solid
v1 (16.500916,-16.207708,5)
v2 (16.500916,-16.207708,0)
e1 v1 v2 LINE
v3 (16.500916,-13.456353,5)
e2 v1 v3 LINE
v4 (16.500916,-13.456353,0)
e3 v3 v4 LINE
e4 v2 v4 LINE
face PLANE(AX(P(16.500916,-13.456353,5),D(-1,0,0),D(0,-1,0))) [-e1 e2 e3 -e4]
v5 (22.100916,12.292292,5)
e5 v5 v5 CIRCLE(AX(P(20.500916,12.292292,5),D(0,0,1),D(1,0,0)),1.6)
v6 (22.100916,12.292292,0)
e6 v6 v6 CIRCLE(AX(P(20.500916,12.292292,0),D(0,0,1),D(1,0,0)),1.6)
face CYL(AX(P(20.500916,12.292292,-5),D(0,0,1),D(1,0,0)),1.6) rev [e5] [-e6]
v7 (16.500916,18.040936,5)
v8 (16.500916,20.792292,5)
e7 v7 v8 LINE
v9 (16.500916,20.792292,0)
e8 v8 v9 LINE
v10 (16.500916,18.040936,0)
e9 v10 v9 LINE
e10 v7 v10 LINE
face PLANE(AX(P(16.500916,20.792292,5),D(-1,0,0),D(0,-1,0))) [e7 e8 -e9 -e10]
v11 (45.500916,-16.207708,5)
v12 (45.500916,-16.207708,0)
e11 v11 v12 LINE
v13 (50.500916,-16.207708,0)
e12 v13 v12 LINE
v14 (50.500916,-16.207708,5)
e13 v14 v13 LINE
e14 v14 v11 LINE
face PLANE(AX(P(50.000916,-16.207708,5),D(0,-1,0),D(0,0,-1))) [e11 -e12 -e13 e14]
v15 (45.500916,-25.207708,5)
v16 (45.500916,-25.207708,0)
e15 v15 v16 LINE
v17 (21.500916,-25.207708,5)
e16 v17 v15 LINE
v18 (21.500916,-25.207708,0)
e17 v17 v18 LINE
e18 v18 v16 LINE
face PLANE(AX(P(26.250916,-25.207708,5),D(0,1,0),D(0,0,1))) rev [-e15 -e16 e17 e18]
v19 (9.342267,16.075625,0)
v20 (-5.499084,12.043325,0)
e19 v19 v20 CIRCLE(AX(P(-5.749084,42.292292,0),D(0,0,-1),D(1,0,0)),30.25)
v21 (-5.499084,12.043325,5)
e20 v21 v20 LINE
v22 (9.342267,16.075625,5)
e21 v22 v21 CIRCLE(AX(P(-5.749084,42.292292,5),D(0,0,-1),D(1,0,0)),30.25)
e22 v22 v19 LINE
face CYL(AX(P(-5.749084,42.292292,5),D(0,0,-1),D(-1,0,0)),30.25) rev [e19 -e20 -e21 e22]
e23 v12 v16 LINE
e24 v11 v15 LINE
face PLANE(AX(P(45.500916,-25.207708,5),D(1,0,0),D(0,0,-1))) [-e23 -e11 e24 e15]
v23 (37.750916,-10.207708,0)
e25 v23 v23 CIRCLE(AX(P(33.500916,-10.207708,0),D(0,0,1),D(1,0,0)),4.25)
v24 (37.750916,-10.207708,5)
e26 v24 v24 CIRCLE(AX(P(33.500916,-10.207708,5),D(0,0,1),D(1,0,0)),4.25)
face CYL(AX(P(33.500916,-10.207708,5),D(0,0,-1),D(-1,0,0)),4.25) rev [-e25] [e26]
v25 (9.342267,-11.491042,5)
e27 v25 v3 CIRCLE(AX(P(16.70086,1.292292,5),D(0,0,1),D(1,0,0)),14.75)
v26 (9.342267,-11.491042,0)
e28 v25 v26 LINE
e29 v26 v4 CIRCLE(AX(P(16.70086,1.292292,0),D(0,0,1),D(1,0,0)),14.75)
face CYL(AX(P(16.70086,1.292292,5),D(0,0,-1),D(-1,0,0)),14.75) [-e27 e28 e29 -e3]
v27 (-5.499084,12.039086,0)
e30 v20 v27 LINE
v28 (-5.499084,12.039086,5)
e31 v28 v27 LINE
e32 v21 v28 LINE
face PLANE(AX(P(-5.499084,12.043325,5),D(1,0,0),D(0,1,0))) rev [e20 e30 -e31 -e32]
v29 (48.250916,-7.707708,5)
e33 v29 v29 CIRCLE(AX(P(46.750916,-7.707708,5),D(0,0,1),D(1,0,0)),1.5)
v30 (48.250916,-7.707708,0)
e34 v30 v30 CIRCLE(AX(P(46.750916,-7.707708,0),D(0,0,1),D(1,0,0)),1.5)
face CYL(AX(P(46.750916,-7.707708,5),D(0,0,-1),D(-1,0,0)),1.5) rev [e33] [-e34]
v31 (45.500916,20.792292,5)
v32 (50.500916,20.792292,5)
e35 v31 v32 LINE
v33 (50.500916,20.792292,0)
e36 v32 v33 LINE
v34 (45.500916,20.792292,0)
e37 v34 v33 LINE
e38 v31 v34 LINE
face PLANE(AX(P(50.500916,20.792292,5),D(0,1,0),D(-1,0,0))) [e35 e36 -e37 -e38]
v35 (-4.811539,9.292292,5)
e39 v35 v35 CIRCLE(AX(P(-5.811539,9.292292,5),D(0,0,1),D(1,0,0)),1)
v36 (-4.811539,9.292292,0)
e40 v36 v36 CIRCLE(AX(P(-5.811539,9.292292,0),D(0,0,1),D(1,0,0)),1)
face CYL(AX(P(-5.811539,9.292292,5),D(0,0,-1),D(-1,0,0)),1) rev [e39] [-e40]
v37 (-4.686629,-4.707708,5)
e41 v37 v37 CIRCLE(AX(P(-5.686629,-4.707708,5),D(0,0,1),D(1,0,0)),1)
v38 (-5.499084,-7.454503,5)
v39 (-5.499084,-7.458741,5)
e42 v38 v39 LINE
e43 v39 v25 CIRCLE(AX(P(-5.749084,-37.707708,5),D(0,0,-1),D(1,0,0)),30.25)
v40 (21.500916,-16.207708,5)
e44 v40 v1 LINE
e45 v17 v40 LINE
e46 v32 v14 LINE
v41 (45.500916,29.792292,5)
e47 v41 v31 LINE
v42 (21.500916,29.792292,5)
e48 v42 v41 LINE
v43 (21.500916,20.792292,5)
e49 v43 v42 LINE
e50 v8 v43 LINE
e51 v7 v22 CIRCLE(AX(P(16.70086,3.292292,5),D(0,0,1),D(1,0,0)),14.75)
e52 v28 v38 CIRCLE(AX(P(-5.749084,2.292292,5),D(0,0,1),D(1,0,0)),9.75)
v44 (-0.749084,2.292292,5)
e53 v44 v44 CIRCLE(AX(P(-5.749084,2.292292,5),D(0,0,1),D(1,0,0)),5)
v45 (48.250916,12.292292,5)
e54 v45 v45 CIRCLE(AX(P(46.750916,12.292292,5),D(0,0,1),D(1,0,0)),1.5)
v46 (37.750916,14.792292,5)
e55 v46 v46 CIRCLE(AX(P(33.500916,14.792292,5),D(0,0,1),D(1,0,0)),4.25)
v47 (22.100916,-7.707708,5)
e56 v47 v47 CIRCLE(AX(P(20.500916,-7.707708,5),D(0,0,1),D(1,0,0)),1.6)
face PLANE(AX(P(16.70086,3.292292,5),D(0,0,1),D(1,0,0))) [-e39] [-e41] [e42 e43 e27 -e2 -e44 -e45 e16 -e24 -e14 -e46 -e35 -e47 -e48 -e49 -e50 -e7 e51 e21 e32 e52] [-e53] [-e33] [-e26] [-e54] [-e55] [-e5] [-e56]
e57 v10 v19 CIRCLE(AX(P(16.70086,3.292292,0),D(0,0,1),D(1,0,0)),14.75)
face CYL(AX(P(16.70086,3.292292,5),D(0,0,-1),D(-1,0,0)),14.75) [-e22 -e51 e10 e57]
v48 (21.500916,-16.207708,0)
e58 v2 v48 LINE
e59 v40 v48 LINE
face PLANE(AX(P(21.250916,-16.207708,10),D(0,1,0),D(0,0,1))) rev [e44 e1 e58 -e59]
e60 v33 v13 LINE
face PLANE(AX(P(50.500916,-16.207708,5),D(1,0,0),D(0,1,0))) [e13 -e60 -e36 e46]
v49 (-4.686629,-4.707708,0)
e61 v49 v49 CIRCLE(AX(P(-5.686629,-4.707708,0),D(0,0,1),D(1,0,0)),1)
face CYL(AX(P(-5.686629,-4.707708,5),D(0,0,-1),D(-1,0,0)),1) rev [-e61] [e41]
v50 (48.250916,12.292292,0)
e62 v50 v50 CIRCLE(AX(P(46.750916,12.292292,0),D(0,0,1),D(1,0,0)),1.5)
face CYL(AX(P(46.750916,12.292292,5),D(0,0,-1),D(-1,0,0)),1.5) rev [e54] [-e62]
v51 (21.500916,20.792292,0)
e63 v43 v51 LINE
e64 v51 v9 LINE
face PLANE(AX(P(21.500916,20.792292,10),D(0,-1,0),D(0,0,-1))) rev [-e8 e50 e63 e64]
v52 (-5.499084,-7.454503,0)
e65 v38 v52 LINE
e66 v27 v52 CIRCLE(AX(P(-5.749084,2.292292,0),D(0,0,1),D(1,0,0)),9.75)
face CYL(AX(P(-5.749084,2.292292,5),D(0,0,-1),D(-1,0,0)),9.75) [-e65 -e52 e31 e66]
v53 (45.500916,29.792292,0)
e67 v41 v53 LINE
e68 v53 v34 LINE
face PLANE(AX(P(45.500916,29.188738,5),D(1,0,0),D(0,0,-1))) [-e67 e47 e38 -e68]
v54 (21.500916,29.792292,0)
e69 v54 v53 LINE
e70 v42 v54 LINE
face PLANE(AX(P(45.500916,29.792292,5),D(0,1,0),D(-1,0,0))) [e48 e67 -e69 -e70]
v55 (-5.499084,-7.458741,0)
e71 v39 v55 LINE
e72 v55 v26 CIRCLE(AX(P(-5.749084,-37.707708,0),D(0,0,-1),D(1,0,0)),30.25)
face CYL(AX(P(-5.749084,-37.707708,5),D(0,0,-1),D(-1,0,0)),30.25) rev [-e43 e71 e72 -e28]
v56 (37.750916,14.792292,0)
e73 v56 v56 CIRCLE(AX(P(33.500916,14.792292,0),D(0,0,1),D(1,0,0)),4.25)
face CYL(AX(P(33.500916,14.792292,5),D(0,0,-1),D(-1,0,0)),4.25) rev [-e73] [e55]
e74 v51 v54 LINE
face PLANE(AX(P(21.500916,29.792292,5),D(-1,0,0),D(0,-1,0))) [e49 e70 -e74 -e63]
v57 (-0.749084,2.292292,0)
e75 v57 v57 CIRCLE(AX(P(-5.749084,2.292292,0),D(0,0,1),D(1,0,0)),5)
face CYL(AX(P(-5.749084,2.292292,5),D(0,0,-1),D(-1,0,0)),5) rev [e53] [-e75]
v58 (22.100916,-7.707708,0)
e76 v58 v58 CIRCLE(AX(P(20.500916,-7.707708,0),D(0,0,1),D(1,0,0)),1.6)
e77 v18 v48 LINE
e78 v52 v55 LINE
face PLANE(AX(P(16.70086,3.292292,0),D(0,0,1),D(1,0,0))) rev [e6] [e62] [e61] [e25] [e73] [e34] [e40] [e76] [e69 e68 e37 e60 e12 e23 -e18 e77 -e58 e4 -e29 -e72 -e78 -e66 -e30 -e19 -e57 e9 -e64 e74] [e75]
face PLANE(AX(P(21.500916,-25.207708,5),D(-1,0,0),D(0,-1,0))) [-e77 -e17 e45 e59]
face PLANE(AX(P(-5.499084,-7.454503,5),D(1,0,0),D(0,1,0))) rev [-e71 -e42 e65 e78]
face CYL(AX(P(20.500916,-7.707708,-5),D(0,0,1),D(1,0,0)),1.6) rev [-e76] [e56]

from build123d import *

# Parameters (mm, degrees)
SKETCH1_R           = 1.5
SKETCH1_R_2         = 4.25
SKETCH1_R_3         = 5
SKETCH1_R_4         = 1
BOSS_EXTRUDE2_DEPTH = 5
SKETCH2_W           = 0.5
SKETCH2_H           = 37
BOSS_EXTRUDE3_DEPTH = 5
CUT_EXTRUDE1_DEPTH  = 10
BOSS_EXTRUDE4_DEPTH = 5
SKETCH5_R           = 1.6
CUT_EXTRUDE2_DEPTH  = 10
BOSS_EXTRUDE5_DEPTH = 5
SKETCH7_R           = 1
BOSS_EXTRUDE6_DEPTH = 5


with BuildPart() as part:
    # Sketch1 → Boss-Extrude2 (new body)
    with BuildSketch(Plane.XY):
        with BuildLine():
            Line((45.25091594, -25.207708346), (50.00091594, -20.457708346))
            Line((50.00091594, -20.457708346), (50.00091594, 24.688738263))
            Line((50.00091594, 24.688738263), (45.147362549, 29.542291654))
            Line((45.147362549, 29.542291654), (26.35446933, 29.542291654))
            Line((26.35446933, 29.542291654), (21.25091594, 24.438738263))
            Line((21.25091594, 24.438738263), (21.25091594, 18.042291654))
            Line((21.25091594, 18.042291654), (20.408095363, 18.042291654))
            Line((20.408095363, 18.042291654), (16.70086026, 18.042291654))
            ThreePointArc((16.70086026, 18.042291654), (12.892426636, 17.542145454), (9.3422674, 16.075624987))
            ThreePointArc((9.3422674, 16.075624987), (2.182128173, 13.100539865), (-5.49908406, 12.043324729))
            Line((-5.49908406, 12.043324729), (-5.49908406, 12.039085999))
            ThreePointArc((-5.49908406, 12.039085999), (-15.49908406, 2.292291654), (-5.49908406, -7.454502691))
            Line((-5.49908406, -7.454502691), (-5.49908406, -7.458741422))
            ThreePointArc((-5.49908406, -7.458741422), (2.182128173, -8.515956557), (9.3422674, -11.491041679))
            ThreePointArc((9.3422674, -11.491041679), (12.892426636, -12.957562146), (16.70086026, -13.457708346))
            Line((16.70086026, -13.457708346), (20.408095363, -13.457708346))
            Line((20.408095363, -13.457708346), (21.25091594, -13.457708346))
            Line((21.25091594, -13.457708346), (21.25091594, -20.207708346))
            Line((21.25091594, -20.207708346), (26.25091594, -25.207708346))
            Line((26.25091594, -25.207708346), (45.25091594, -25.207708346))
        make_face()
        with Locations((46.75091594, -7.707708346)):
            Circle(SKETCH1_R, mode=Mode.SUBTRACT)
        with Locations((46.75091594, 12.292291654)):
            Circle(SKETCH1_R, mode=Mode.SUBTRACT)
        with Locations((33.50091594, 14.792291654)):
            Circle(SKETCH1_R_2, mode=Mode.SUBTRACT)
        with Locations((33.50091594, -10.207708346)):
            Circle(SKETCH1_R_2, mode=Mode.SUBTRACT)
        with Locations((19.25091594, 12.292291654)):
            Circle(SKETCH1_R, mode=Mode.SUBTRACT)
        with Locations((19.25091594, -7.707708346)):
            Circle(SKETCH1_R, mode=Mode.SUBTRACT)
        with Locations((-5.74908406, 2.292291654)):
            Circle(SKETCH1_R_3, mode=Mode.SUBTRACT)
        with Locations((1.25091594, 2.354746229)):
            Circle(SKETCH1_R_4, mode=Mode.SUBTRACT)
        with Locations((-5.686629485, -4.707708346)):
            Circle(SKETCH1_R_4, mode=Mode.SUBTRACT)
        with Locations((-12.74908406, 2.229837079)):
            Circle(SKETCH1_R_4, mode=Mode.SUBTRACT)
        with Locations((-5.811538636, 9.292291654)):
            Circle(SKETCH1_R_4, mode=Mode.SUBTRACT)
    extrude(amount=BOSS_EXTRUDE2_DEPTH)

    # Sketch2 → Boss-Extrude3 (add)
    with BuildSketch(Plane(origin=(0, 0, 0), x_dir=(-1, 0, 0), z_dir=(0, 0, -1))):
        Polygon((-26.25091594, -25.207708346), (-21.50091594, -25.207708346), (-21.50091594, -20.457708346), align=None)
        Polygon((-45.25091594, -25.207708346), (-45.50091594, -25.207708346), (-45.50091594, -24.957708346), align=None)
        Polygon((-45.50091594, 29.188738263), (-45.50091594, 29.792291654), (-21.50091594, 29.792291654), (-21.50091594, 24.688738263), (-26.35446933, 29.542291654), (-45.147362549, 29.542291654), align=None)
        with Locations((-50.25091594, 2.292291654)):
            Rectangle(SKETCH2_W, SKETCH2_H)
    extrude(amount=-BOSS_EXTRUDE3_DEPTH)

    # Sketch3 → Cut-Extrude1 (cut)
    with BuildSketch(Plane(origin=(0, 0, 0), x_dir=(-1, 0, 0), z_dir=(0, 0, -1))):
        Polygon((-50.00091594, -16.207708346), (-45.50091594, -16.207708346), (-45.50091594, -25.207708346), (-50.00091594, -20.457708346), align=None)
        Polygon((-50.50091594, 20.792291654), (-45.50091594, 20.792291654), (-45.50091594, 29.188738263), (-50.00091594, 24.688738263), align=None)
        Polygon((-21.50091594, -16.207708346), (-21.50091594, -20.457708346), (-21.25091594, -20.207708346), (-21.25091594, -16.207708346), align=None)
        Polygon((-21.50091594, 20.792291654), (-21.25091594, 20.792291654), (-21.25091594, 24.438738263), (-21.50091594, 24.688738263), align=None)
    extrude(amount=-CUT_EXTRUDE1_DEPTH, mode=Mode.SUBTRACT)

    # Sketch4 → Boss-Extrude4 (add)
    with BuildSketch(Plane(origin=(0, 0, 0), x_dir=(-1, 0, 0), z_dir=(0, 0, -1))):
        with BuildLine():
            Line((-21.25091594, 20.792291654), (-16.50091594, 20.792291654))
            Line((-16.50091594, 20.792291654), (-16.50091594, 18.040936414))
            ThreePointArc((-16.50091594, 18.040936414), (-16.600885803, 18.04195284), (-16.70086026, 18.042291654))
            Line((-16.70086026, 18.042291654), (-21.25091594, 18.042291654))
            Line((-21.25091594, 18.042291654), (-21.25091594, 20.792291654))
        make_face()
        with BuildLine():
            Line((-16.50091594, -13.456353106), (-16.50091594, -16.207708346))
            Line((-16.50091594, -16.207708346), (-21.25091594, -16.207708346))
            Line((-21.25091594, -16.207708346), (-21.25091594, -13.457708346))
            Line((-21.25091594, -13.457708346), (-16.70086026, -13.457708346))
            ThreePointArc((-16.70086026, -13.457708346), (-16.600885803, -13.457369532), (-16.50091594, -13.456353106))
        make_face()
    extrude(amount=-BOSS_EXTRUDE4_DEPTH)

    # Sketch5 → Cut-Extrude2 (cut)
    with BuildSketch(Plane.XY.offset(5)):
        with Locations((20.50091594, -7.707708346)):
            Circle(SKETCH5_R)
        with Locations((20.50091594, 12.292291654)):
            Circle(SKETCH5_R)
    extrude(amount=-CUT_EXTRUDE2_DEPTH, mode=Mode.SUBTRACT)

    # Sketch6 → Boss-Extrude5 (add)
    with BuildSketch(Plane.XY.offset(5)):
        with BuildLine():
            ThreePointArc((19.75191594, -6.293848735), (18.90091594, -7.707708346), (19.75191594, -9.121567957))
            ThreePointArc((19.75191594, -9.121567957), (17.75091594, -7.707708346), (19.75191594, -6.293848735))
        make_face()
        with BuildLine():
            ThreePointArc((19.75191594, 13.706151265), (18.90091594, 12.292291654), (19.75191594, 10.878432043))
            ThreePointArc((19.75191594, 10.878432043), (17.75091594, 12.292291654), (19.75191594, 13.706151265))
        make_face()
    extrude(amount=-BOSS_EXTRUDE5_DEPTH)

    # Sketch7 → Boss-Extrude6 (add)
    with BuildSketch(Plane(origin=(0, 0, 0), x_dir=(-1, 0, 0), z_dir=(0, 0, -1))):
        with Locations((-1.25091594, 2.354746229)):
            Circle(SKETCH7_R)
        with Locations((12.74908406, 2.229837079)):
            Circle(SKETCH7_R)
    extrude(amount=-BOSS_EXTRUDE6_DEPTH)


solid = part.part
